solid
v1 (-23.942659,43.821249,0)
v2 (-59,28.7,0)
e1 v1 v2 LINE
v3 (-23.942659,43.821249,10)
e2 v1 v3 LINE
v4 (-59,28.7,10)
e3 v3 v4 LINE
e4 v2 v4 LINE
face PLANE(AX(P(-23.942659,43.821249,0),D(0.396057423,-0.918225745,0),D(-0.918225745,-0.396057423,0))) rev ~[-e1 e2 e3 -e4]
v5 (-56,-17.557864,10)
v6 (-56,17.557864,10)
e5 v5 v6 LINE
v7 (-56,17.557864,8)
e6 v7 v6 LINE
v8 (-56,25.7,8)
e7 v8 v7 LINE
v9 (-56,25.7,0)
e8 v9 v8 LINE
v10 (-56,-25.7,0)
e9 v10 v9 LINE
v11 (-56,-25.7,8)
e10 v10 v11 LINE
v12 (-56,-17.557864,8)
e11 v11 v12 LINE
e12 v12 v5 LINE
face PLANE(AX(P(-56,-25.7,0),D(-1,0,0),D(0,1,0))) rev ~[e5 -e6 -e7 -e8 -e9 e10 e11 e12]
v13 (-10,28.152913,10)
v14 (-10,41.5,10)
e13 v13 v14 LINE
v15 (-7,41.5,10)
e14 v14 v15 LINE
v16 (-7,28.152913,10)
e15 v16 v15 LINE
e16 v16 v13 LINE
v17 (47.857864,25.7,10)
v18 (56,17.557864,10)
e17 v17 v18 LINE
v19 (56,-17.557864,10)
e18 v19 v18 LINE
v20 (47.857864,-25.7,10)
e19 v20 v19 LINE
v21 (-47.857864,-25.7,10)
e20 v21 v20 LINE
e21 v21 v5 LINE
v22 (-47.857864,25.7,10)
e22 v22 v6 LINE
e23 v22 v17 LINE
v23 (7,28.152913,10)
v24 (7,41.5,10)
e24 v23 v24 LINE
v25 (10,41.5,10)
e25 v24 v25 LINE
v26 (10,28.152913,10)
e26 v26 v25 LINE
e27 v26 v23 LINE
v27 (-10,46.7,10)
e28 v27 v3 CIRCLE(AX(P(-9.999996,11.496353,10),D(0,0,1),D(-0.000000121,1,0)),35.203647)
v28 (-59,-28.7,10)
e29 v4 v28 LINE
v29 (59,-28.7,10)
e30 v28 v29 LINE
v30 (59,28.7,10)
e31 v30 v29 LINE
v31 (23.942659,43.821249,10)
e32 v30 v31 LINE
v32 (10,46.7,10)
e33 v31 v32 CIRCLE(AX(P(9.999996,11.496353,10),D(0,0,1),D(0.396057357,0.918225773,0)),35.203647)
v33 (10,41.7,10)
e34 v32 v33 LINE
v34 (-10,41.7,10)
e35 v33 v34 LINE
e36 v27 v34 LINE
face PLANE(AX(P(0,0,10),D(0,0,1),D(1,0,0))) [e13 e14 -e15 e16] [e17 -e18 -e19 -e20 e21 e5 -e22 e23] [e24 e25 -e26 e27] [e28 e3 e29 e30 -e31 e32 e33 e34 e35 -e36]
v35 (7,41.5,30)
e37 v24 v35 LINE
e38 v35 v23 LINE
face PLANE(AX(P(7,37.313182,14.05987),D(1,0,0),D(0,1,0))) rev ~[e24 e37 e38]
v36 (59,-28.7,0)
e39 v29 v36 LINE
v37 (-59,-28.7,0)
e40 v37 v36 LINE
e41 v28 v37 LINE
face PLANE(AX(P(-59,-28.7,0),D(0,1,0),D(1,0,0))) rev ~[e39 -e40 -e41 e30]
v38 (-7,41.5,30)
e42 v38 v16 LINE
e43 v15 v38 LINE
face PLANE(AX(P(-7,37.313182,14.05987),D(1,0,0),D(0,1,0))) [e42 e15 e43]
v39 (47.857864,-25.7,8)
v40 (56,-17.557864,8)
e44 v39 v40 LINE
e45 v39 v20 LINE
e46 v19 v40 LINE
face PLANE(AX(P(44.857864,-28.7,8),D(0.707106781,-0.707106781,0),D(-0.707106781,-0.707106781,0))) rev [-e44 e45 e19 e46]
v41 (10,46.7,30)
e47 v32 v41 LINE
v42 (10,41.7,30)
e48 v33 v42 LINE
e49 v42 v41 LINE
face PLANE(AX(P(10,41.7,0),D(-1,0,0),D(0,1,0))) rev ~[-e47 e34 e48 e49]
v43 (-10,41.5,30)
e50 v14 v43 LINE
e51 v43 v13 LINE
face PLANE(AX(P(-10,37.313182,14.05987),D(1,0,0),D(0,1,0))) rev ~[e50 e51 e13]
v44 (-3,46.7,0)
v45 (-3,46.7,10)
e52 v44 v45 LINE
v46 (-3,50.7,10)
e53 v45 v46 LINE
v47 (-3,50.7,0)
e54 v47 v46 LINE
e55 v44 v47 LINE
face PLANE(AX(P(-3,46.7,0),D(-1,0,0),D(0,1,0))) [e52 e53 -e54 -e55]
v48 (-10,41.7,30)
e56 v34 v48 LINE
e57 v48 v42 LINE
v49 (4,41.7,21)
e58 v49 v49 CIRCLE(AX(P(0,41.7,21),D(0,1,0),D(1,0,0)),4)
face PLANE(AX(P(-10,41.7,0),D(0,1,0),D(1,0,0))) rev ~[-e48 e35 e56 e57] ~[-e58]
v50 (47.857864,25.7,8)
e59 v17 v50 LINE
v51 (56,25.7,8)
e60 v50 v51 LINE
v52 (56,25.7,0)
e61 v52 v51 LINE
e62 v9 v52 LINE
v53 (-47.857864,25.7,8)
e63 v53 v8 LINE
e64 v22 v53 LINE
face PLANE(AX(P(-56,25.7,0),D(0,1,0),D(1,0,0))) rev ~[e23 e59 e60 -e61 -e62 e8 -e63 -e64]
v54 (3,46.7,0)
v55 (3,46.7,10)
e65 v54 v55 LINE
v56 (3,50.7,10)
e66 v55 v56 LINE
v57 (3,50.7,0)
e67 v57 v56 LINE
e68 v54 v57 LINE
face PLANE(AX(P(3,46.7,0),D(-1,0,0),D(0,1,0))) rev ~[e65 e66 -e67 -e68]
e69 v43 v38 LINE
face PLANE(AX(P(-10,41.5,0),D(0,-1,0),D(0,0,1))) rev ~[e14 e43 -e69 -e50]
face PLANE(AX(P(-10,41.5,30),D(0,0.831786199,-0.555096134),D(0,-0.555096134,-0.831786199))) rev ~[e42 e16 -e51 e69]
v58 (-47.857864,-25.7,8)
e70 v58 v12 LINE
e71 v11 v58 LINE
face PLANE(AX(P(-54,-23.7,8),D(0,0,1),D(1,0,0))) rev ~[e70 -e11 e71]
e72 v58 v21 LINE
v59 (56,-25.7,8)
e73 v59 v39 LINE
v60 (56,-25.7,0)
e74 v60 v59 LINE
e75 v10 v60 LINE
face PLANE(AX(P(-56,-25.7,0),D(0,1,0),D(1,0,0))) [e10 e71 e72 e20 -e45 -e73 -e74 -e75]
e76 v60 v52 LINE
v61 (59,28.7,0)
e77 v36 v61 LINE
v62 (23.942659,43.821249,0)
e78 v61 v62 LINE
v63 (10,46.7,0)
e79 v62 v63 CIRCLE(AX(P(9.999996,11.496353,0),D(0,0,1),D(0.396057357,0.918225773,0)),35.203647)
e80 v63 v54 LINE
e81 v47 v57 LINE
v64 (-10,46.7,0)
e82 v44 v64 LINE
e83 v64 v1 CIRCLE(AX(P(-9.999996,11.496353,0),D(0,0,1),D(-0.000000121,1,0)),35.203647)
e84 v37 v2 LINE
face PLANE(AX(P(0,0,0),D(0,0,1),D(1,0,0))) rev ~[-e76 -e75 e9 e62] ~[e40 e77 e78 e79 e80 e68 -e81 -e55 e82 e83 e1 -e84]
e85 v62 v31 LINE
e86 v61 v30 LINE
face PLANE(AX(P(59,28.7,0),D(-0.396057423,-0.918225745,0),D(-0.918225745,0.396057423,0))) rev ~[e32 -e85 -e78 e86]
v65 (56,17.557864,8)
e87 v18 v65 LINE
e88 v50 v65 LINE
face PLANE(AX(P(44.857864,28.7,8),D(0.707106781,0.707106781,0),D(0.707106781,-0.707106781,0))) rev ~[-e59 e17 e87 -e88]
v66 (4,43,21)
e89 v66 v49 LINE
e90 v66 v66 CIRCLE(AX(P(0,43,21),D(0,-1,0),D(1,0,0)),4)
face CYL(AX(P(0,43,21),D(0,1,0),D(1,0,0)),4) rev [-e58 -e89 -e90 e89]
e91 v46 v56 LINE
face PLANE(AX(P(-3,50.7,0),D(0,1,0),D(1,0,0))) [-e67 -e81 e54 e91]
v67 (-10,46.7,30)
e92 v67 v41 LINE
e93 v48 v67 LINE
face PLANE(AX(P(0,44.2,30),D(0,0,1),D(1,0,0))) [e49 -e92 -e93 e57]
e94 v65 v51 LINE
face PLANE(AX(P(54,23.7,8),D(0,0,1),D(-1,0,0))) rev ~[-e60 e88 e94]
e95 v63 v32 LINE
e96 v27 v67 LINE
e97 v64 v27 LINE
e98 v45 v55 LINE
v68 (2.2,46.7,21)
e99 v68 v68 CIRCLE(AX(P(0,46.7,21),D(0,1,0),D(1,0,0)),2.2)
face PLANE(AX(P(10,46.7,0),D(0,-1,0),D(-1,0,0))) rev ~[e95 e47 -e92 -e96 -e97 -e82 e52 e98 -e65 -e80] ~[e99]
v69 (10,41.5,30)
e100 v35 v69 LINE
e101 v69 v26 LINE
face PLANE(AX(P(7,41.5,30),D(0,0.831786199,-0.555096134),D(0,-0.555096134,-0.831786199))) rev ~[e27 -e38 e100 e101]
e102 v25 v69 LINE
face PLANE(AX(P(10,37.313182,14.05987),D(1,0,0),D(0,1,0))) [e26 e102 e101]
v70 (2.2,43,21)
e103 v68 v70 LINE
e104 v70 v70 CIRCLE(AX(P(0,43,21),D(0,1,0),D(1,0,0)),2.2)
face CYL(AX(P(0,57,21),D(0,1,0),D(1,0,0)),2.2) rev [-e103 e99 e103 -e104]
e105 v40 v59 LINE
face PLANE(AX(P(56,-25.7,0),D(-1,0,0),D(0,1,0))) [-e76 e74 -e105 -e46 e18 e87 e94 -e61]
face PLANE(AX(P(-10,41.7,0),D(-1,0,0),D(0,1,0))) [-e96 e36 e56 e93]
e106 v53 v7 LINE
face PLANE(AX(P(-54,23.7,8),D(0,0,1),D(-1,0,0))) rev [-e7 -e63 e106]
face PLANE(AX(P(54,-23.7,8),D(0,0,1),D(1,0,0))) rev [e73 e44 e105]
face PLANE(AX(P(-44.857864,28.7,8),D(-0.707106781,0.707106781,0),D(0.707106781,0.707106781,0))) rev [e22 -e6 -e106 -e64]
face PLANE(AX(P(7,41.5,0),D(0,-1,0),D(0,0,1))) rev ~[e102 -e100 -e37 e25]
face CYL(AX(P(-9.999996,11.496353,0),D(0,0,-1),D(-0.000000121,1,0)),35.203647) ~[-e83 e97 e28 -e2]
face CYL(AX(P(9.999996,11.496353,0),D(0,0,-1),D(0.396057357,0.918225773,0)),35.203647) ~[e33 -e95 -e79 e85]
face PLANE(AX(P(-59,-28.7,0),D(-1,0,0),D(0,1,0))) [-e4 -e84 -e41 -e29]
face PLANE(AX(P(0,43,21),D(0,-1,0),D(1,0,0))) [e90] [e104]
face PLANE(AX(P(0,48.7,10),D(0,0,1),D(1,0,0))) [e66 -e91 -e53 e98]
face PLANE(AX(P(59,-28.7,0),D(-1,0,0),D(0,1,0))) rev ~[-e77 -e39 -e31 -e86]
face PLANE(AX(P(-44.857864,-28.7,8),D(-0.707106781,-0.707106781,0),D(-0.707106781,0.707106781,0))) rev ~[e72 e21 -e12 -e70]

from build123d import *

# Parameters (mm, degrees)
PAD003_DEPTH      = 2
BOX005_W          = 112
BOX005_H          = 51.4
BOX005_DEPTH      = 10
BOX004_W          = 118
BOX004_H          = 57.4
BOX004_DEPTH      = 10
PAD004_DEPTH      = 3
ARRAY001_X_COUNT  = 2
ARRAY001_X_PITCH  = 17
CYLINDER001_R     = 4
CYLINDER001_DEPTH = 30
CYLINDER_R        = 2.2
CYLINDER_DEPTH    = 30
BOX006_W          = 20
BOX006_H          = 5
BOX006_DEPTH      = 30
BOX007_W          = 6
BOX007_H          = 4
BOX007_DEPTH      = 10
PAD002_DEPTH      = 10


with BuildPart() as body003:
    # Sketch003 → Pad003 (new body)
    with BuildSketch(Plane.XY):
        Polygon((-59, -28.7), (-44.857864, -28.7), (-59, -14.557864), align=None)
    extrude(amount=PAD003_DEPTH)


with BuildPart() as part_mirroring001:
    # Part__Mirroring001: instance of Body003
    add(body003.part.mirror(Plane(origin=(0, 0, 0), x_dir=(1, 0, 0), z_dir=(0, 1, 0))))


with BuildPart() as fusion005:
    # Fusion005 base: copy of Body003
    add(body003.part)

    # Fusion005: union Part__Mirroring001
    add(part_mirroring001.part)


with BuildPart() as corners_fusion:
    # Part__Mirroring002: instance of Fusion005
    add(fusion005.part.mirror(Plane(origin=(0, 0, 0), x_dir=(0, -1, 0), z_dir=(1, 0, 0))))

    # Fusion006: union Fusion005
    add(fusion005.part)


with BuildPart() as corners_fusion_1:
    # Fusion006 placement: moved
    add(corners_fusion.part.moved(Location((0, 0, 8))))


with BuildPart() as middle_pocket_cube:
    # Box005 → Box005 (new body)
    with BuildSketch(Plane(origin=(-56, -25.7, 0), x_dir=(1, 0, 0), z_dir=(0, 0, 1))):
        with Locations((56, 25.7)):
            Rectangle(BOX005_W, BOX005_H)
    extrude(amount=BOX005_DEPTH)


with BuildPart() as middle_external:
    # Box004 → Box004 (new body)
    with BuildSketch(Plane(origin=(-59, -28.7, 0), x_dir=(1, 0, 0), z_dir=(0, 0, 1))):
        with Locations((59, 28.7)):
            Rectangle(BOX004_W, BOX004_H)
    extrude(amount=BOX004_DEPTH)


with BuildPart() as triangles_array:
    # Sketch004 → Pad004 (new body)
    with BuildSketch(Plane.YZ):
        Polygon((41.5, 30), (27.205015, 8.579618), (41.5, 0), align=None)
    extrude(amount=PAD004_DEPTH)

    # Array001 X: triangles array ×2


with BuildPart() as triangles_array_1:
    add(triangles_array.part)
    with Locations(*[(i * ARRAY001_X_PITCH, 0, 0) for i in range(1, ARRAY001_X_COUNT)]):
        add(triangles_array.part)


with BuildPart() as triangles_array_2:
    # Array001 placement: moved
    add(triangles_array_1.part.moved(Location((-10, 0, 0))))


with BuildPart() as bolt_head_hole:
    # Cylinder001 → Cylinder001 (new body)
    with BuildSketch(Plane.XZ.offset(14)):
        Circle(CYLINDER001_R)
    extrude(amount=CYLINDER001_DEPTH)


with BuildPart() as bolt_fusion_clone:
    # Cylinder → Cylinder (new body)
    with BuildSketch(Plane.XZ):
        Circle(CYLINDER_R)
    extrude(amount=CYLINDER_DEPTH)

    # Fusion002: union bolt head hole
    add(bolt_head_hole.part)


with BuildPart() as bolt_fusion_clone_1:
    # Body005 placement: moved
    add(bolt_fusion_clone.part.moved(Location((0, 57, 21))))


with BuildPart() as middle_attach_cube:
    # Box006 → Box006 (new body)
    with BuildSketch(Plane(origin=(-10, 0, 0), x_dir=(1, 0, 0), z_dir=(0, 0, 1))):
        with Locations((10, 2.5)):
            Rectangle(BOX006_W, BOX006_H)
    extrude(amount=BOX006_DEPTH)


with BuildPart() as middle_attach_cut:
    # Box007 → Box007 (new body)
    with BuildSketch(Plane(origin=(-3, 5, 0), x_dir=(1, 0, 0), z_dir=(0, 0, 1))):
        with Locations((3, 2)):
            Rectangle(BOX007_W, BOX007_H)
    extrude(amount=BOX007_DEPTH)

    # Fusion008: union middle attach cube
    add(middle_attach_cube.part)


with BuildPart() as middle_attach_cut_1:
    # Fusion008 placement: moved
    add(middle_attach_cut.part.moved(Location((0, 41.7, 0))))

    # Cut002: cut bolt fusion clone
    add(bolt_fusion_clone_1.part, mode=Mode.SUBTRACT)


with BuildPart() as middle_with_corners:
    # Sketch002 → Pad002 (new body)
    with BuildSketch(Plane.XY):
        with BuildLine():
            Line((-59, 28.7), (59, 28.7))
            Line((59, 28.7), (23.942659, 43.821249))
            ThreePointArc((23.942659, 43.821249), (17.118373, 45.972801), (10, 46.7))
            Line((10, 46.7), (-10, 46.7))
            ThreePointArc((-10, 46.7), (-17.118373, 45.972801), (-23.942659, 43.821249))
            Line((-23.942659, 43.821249), (-59, 28.7))
        make_face()
    extrude(amount=PAD002_DEPTH)

    # Fusion004: union middle external, triangles array, middle attach cut
    add(middle_external.part)
    add(triangles_array_2.part)
    add(middle_attach_cut_1.part)

    # Cut: cut middle pocket cube
    add(middle_pocket_cube.part, mode=Mode.SUBTRACT)

    # Fusion007: union corners fusion
    add(corners_fusion_1.part)


solid = middle_with_corners.part
